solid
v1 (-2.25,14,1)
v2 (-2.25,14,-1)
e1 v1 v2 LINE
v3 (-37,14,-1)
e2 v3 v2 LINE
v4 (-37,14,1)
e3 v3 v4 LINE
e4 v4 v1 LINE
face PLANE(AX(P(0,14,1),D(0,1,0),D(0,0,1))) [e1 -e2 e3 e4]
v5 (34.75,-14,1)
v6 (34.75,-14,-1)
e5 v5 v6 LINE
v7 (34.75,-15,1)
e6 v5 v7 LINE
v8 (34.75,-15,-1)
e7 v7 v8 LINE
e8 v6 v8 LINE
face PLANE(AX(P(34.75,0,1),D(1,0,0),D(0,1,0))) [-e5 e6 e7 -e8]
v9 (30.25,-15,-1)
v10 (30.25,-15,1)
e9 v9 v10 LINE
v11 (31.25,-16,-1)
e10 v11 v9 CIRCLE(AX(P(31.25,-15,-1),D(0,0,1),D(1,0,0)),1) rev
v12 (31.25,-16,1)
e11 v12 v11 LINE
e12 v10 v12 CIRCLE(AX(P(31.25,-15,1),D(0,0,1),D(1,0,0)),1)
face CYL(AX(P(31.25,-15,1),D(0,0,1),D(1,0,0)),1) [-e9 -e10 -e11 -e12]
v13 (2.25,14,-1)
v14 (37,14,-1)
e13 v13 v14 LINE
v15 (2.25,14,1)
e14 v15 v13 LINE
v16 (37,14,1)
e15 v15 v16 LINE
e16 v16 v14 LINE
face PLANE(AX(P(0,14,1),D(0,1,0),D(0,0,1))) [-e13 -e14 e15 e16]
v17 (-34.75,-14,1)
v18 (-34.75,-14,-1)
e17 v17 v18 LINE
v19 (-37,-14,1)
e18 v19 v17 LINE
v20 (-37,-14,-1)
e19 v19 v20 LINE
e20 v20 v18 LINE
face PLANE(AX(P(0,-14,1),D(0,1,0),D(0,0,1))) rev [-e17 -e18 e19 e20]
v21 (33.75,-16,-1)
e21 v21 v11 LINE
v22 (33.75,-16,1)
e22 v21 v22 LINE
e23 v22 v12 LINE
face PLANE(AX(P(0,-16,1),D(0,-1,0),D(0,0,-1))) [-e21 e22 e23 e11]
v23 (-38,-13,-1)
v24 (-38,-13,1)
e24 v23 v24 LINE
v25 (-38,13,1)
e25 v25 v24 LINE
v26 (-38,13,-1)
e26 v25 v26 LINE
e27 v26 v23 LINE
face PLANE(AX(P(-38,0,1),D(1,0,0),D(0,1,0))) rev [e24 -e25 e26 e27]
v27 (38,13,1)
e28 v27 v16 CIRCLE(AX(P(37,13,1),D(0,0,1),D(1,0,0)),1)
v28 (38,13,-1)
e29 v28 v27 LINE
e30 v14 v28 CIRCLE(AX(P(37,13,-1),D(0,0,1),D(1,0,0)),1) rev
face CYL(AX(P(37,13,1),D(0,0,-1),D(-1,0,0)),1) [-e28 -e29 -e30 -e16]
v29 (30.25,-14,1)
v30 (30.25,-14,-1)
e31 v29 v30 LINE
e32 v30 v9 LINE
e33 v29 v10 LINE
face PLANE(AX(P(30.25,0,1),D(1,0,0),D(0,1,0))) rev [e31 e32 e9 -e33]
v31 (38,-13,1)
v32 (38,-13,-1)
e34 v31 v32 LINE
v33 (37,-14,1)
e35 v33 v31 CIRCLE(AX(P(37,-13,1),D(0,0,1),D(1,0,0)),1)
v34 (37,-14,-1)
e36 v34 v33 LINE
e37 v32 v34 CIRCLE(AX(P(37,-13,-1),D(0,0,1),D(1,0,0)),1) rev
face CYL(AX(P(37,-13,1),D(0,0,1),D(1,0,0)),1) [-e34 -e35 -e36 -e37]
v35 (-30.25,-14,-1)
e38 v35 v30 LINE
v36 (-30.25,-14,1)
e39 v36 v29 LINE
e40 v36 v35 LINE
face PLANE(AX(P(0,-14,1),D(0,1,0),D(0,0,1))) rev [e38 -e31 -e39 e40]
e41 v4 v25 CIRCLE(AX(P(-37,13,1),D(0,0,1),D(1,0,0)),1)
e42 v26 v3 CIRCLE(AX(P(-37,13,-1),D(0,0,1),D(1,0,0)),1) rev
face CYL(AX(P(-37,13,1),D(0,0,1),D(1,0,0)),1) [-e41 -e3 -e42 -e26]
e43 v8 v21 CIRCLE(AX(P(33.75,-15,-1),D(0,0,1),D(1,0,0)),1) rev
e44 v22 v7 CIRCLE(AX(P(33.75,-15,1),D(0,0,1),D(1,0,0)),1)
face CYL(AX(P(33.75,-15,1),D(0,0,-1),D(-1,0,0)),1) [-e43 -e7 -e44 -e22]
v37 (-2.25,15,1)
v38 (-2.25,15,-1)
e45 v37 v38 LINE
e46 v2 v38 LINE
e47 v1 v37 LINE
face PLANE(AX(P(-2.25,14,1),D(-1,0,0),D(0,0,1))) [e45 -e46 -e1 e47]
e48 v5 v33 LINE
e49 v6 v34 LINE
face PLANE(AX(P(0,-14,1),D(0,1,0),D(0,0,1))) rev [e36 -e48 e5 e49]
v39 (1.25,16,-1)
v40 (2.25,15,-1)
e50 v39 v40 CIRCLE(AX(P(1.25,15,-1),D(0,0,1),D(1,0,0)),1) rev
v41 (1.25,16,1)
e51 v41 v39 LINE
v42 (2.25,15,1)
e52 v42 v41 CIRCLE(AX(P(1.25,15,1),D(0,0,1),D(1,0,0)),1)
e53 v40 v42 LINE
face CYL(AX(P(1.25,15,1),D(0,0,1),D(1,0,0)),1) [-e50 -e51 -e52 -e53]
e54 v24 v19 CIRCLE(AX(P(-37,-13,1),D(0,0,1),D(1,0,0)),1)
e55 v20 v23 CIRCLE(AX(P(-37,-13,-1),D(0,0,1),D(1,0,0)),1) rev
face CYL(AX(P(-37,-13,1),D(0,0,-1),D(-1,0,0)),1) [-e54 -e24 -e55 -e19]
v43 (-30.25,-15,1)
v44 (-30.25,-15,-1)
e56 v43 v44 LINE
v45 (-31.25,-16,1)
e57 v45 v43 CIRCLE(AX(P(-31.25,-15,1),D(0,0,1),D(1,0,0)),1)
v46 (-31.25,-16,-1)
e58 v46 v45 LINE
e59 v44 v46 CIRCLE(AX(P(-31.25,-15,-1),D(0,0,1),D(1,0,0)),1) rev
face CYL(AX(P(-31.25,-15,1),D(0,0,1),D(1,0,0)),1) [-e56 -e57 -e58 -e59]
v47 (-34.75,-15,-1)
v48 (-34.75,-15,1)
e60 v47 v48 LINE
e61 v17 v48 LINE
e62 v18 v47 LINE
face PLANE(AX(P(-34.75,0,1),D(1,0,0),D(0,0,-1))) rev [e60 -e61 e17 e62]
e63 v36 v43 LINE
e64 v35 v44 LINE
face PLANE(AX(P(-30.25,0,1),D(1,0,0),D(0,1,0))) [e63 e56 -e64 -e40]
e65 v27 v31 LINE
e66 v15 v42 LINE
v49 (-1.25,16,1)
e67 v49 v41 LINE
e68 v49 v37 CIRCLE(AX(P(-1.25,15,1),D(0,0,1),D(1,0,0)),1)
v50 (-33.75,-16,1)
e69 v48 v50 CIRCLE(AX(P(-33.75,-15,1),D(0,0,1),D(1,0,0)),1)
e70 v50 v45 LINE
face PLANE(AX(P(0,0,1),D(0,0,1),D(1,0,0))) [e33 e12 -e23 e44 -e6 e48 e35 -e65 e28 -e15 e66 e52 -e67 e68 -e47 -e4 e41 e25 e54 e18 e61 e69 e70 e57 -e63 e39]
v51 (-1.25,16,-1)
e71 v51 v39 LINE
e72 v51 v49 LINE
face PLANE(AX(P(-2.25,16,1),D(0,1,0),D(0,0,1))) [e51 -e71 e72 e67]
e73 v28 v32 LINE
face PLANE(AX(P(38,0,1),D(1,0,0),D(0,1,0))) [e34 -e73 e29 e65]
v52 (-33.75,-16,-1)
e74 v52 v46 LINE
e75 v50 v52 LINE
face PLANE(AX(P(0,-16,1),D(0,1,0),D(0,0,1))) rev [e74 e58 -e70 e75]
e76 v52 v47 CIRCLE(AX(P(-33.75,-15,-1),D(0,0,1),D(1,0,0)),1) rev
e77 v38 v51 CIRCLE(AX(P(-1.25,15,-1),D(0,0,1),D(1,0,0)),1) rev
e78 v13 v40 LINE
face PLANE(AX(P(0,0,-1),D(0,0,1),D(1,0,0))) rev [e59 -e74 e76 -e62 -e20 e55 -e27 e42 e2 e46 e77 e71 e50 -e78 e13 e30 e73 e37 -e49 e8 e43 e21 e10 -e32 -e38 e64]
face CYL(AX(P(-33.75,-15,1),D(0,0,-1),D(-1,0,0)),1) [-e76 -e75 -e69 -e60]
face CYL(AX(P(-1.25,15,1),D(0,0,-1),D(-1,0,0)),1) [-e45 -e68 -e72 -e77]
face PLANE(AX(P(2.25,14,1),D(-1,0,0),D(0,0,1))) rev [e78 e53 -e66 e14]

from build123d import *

# Parameters (mm, degrees)
SKETCH1_W           = 76
SKETCH1_H           = 28
SKETCH1_W_2         = 4.5
SKETCH1_H_2         = 2
BOSS_EXTRUDE1_DEPTH = 1
FILLET1_R           = 1


with BuildPart() as part:
    # Sketch1 → Boss-Extrude1 (new, symmetric)
    with BuildSketch(Plane.XY):
        Rectangle(SKETCH1_W, SKETCH1_H)
        with Locations((-32.5, -15)):
            Rectangle(SKETCH1_W_2, SKETCH1_H_2)
        with Locations((32.5, -15)):
            Rectangle(SKETCH1_W_2, SKETCH1_H_2)
        with Locations((0, 15)):
            Rectangle(SKETCH1_W_2, SKETCH1_H_2)
    extrude(amount=BOSS_EXTRUDE1_DEPTH, both=True)

    # Fillet1
    fillet1_edges = [part.edges().sort_by_distance(p)[0] for p in [
        (38, -14, 0),
        (34.75, -16, 0),
        (30.25, -16, 0),
        (-30.25, -16, 0),
        (-34.75, -16, 0),
        (-38, -14, 0),
        (-38, 14, 0),
        (38, 14, 0),
        (2.25, 16, 0),
        (-2.25, 16, 0),
    ]]
    fillet(fillet1_edges, radius=FILLET1_R)


solid = part.part
